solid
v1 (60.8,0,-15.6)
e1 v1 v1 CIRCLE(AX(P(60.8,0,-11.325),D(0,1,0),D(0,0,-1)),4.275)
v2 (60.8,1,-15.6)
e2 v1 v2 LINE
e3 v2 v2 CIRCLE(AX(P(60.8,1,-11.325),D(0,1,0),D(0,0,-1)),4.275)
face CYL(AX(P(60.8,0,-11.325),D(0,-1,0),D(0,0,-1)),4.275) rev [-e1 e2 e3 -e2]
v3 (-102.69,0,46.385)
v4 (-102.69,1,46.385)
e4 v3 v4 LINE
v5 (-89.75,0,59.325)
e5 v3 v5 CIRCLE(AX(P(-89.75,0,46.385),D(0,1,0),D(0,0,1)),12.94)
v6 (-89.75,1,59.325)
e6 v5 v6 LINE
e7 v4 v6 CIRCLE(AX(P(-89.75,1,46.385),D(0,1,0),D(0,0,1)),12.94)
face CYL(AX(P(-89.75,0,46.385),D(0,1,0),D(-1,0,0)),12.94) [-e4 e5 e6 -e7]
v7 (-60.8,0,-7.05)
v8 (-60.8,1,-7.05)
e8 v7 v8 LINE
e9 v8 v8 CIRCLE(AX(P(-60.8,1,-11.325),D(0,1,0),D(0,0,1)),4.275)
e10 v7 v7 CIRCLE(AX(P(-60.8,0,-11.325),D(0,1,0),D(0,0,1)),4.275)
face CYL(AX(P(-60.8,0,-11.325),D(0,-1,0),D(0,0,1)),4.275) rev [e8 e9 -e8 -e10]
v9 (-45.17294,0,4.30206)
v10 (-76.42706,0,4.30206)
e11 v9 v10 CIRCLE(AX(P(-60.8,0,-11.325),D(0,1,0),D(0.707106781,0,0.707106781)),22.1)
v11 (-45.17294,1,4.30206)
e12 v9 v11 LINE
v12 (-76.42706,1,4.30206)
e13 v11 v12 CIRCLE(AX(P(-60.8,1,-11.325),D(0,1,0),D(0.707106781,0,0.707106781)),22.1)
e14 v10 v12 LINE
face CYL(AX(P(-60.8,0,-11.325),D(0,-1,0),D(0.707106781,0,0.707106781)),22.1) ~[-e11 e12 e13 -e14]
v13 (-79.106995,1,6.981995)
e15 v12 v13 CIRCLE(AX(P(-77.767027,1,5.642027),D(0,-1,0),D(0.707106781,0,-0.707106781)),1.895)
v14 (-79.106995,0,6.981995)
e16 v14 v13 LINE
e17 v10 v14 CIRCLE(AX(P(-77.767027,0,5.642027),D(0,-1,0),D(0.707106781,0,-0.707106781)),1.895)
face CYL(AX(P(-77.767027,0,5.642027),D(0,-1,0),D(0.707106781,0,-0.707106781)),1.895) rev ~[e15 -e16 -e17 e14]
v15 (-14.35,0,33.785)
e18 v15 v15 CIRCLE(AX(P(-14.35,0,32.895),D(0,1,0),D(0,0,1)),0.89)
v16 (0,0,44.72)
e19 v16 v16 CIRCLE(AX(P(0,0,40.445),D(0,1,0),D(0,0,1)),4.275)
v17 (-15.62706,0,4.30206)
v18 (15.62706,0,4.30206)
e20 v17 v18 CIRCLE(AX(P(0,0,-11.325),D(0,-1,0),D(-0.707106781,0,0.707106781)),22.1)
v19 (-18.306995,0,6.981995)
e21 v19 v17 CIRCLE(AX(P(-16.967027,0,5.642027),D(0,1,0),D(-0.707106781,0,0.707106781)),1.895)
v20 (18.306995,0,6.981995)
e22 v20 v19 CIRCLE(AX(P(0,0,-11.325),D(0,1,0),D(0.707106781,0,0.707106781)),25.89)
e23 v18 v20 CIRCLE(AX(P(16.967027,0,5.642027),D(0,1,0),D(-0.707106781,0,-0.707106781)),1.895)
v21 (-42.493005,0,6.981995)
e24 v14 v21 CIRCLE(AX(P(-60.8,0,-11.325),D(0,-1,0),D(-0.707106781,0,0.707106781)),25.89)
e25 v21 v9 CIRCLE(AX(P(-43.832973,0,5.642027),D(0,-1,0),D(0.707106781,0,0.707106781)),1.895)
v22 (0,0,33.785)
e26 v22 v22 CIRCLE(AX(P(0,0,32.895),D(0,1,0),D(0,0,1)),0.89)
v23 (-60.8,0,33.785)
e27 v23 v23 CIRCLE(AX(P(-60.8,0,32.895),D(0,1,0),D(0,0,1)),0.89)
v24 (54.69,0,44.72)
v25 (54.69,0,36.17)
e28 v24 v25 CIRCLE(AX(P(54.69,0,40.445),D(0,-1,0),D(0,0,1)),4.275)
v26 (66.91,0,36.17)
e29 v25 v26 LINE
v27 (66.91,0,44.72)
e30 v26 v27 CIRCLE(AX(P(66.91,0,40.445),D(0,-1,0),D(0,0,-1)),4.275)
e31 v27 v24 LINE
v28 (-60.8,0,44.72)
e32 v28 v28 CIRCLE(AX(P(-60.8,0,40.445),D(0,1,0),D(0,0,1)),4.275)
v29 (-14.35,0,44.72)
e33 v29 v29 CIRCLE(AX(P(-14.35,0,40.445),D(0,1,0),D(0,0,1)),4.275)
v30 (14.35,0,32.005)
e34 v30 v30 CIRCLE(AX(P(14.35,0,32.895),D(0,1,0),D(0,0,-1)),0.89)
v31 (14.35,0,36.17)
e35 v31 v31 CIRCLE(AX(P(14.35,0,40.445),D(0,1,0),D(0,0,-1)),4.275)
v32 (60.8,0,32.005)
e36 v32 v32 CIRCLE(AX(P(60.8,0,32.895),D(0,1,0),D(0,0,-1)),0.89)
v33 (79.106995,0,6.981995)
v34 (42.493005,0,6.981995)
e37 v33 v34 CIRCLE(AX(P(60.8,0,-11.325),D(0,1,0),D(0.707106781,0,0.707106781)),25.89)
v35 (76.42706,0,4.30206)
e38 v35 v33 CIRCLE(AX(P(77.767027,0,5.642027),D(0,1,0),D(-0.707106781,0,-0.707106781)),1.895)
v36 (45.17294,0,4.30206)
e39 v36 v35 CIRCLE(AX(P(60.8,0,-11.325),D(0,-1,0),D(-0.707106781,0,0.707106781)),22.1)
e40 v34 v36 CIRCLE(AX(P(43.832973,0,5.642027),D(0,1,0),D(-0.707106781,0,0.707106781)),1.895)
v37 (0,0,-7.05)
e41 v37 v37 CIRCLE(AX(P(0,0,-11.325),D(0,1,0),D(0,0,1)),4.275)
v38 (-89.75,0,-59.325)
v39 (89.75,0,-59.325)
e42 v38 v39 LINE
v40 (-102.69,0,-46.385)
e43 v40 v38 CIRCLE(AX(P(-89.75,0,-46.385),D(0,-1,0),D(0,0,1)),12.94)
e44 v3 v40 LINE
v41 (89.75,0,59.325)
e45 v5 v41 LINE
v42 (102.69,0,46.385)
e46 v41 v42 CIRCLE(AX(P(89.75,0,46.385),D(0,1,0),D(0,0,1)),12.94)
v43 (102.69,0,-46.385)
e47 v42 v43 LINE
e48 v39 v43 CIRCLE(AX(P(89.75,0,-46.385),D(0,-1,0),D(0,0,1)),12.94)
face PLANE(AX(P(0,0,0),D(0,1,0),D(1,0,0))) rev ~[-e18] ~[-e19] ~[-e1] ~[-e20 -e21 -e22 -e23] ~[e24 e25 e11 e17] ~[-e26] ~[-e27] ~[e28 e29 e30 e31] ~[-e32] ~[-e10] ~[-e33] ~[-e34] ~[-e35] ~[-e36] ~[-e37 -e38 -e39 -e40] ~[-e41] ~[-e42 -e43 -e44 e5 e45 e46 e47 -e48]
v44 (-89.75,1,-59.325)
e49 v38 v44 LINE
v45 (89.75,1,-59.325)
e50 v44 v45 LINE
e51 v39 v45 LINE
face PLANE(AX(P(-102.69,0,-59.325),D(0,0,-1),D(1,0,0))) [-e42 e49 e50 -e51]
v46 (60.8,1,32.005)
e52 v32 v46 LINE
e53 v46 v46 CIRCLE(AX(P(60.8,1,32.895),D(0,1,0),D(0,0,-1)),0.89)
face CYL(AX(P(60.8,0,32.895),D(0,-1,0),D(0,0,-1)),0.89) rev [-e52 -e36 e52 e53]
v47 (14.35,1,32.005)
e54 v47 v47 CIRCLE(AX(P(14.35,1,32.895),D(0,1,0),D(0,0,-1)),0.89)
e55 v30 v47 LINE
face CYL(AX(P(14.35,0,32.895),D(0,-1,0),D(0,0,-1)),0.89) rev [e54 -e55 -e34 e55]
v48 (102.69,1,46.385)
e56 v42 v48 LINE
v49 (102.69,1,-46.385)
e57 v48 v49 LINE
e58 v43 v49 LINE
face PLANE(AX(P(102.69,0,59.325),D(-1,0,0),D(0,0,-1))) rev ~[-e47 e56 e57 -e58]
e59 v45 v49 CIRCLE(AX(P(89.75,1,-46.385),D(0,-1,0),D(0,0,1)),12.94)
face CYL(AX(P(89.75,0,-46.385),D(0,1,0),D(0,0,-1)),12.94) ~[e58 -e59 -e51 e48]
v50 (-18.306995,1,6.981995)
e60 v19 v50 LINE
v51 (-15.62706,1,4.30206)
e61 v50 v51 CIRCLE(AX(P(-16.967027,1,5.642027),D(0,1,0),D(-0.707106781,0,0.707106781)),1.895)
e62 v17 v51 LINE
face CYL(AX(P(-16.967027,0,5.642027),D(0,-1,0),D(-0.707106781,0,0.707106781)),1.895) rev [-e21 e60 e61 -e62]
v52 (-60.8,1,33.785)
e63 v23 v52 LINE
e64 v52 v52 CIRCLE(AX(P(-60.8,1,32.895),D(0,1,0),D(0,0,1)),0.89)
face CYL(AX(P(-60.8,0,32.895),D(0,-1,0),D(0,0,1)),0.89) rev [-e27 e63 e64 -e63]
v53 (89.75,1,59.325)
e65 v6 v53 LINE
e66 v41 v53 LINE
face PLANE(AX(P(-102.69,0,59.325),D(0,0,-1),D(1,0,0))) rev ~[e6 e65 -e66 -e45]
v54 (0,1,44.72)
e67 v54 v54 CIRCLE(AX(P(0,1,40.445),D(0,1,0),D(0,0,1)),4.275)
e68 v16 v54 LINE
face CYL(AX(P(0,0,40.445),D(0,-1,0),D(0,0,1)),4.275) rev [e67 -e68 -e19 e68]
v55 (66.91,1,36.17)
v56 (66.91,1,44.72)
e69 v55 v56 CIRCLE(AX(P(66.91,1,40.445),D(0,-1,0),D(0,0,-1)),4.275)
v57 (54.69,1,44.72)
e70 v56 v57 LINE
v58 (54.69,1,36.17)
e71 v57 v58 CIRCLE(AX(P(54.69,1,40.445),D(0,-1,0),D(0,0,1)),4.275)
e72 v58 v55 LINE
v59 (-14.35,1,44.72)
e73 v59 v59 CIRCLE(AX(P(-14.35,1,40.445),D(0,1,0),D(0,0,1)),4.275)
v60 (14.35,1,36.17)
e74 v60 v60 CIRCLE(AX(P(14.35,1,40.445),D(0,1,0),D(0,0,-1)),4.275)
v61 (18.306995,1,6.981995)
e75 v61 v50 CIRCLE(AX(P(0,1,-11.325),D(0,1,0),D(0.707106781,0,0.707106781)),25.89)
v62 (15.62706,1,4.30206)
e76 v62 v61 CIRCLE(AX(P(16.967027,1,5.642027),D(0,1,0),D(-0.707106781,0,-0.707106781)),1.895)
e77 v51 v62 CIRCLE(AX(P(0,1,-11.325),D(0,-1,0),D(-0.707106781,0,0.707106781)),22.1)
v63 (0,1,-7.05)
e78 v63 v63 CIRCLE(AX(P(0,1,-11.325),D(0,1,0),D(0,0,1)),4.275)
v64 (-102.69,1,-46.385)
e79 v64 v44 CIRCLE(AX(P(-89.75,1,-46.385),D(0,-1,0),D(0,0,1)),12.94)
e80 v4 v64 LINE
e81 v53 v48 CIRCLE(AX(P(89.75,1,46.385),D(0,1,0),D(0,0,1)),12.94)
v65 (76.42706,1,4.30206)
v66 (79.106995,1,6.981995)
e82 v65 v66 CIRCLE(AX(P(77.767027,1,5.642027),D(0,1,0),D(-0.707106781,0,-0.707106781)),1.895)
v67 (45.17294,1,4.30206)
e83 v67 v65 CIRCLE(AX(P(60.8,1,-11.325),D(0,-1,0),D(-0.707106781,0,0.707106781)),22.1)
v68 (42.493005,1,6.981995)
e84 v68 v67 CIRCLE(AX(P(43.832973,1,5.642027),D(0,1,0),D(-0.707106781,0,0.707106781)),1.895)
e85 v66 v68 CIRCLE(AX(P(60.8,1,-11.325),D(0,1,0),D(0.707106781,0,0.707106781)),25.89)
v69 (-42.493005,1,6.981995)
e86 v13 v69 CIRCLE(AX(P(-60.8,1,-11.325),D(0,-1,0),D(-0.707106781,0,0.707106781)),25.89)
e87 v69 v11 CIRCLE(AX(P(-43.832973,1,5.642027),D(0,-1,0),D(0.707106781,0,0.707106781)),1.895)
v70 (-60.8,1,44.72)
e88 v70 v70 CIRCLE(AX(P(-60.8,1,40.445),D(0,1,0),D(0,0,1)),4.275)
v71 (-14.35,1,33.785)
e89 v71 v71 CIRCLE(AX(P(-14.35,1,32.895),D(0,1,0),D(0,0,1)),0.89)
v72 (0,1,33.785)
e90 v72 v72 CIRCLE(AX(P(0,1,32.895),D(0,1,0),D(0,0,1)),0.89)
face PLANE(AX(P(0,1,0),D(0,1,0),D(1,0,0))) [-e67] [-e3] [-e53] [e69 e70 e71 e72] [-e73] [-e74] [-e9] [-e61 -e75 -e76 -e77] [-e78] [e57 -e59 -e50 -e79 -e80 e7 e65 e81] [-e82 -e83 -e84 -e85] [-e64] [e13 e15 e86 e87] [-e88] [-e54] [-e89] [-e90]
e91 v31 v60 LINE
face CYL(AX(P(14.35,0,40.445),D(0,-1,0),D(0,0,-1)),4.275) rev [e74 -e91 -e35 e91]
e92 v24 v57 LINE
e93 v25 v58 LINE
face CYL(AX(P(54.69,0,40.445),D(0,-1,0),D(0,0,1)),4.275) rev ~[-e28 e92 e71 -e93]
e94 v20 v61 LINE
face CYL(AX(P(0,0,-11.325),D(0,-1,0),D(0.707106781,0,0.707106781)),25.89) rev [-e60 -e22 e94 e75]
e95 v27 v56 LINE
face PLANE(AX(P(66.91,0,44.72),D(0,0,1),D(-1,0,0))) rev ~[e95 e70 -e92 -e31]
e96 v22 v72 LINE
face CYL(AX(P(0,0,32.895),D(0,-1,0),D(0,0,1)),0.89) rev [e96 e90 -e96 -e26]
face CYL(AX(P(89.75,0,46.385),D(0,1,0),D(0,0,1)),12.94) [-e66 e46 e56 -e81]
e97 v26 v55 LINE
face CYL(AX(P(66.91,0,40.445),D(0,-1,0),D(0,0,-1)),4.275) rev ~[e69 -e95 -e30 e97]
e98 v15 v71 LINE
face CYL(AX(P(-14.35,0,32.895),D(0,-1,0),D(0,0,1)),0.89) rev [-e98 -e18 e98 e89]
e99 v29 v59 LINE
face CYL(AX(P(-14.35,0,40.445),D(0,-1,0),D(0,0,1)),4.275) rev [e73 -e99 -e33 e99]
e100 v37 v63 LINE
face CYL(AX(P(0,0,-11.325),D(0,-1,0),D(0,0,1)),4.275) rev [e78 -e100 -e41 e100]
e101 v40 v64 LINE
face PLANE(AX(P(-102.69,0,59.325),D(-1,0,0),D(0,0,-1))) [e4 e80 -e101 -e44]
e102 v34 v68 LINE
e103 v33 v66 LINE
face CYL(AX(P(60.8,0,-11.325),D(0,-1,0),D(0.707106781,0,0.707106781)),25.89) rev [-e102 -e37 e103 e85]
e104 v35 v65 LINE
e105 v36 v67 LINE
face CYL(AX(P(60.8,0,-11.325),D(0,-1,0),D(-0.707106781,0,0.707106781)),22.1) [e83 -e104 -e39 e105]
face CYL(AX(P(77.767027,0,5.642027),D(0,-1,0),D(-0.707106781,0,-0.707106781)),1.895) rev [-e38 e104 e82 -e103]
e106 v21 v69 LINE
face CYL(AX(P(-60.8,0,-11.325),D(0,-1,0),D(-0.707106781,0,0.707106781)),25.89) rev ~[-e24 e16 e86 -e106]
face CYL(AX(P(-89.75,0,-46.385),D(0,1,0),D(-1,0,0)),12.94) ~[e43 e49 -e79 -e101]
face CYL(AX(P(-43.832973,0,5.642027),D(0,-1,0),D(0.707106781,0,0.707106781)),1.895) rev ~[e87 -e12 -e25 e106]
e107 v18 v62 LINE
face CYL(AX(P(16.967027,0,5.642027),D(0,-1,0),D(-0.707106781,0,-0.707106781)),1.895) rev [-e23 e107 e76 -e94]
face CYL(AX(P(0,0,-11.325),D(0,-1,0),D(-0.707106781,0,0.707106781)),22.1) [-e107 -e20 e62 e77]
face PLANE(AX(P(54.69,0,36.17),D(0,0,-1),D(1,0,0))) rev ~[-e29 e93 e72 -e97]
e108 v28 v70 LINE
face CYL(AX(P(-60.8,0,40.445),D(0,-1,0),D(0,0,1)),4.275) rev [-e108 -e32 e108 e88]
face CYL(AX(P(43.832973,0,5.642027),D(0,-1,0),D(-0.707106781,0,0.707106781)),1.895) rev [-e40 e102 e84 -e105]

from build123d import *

# Parameters (mm, degrees)
SKETCH1_W           = 205.38
SKETCH1_H           = 118.65
SKETCH1_R           = 4.275
SKETCH1_R_2         = 0.89
BOSS_EXTRUDE1_DEPTH = 1
FILLET1_R           = 12.94


with BuildPart() as part:
    # Sketch1 → Boss-Extrude1 (new body)
    with BuildSketch(Plane(origin=(0, 0, 0), x_dir=(1, 0, 0), z_dir=(0, 1, 0))):
        Rectangle(SKETCH1_W, SKETCH1_H)
        with Locations(Location((0, -40.445, 0), (0, 0, 270))):
            Circle(SKETCH1_R, mode=Mode.SUBTRACT)
        with Locations(Location((-14.35, -40.445, 0), (0, 0, 270))):
            Circle(SKETCH1_R, mode=Mode.SUBTRACT)
        with Locations(Location((0, -32.895, 0), (0, 0, 270))):
            Circle(SKETCH1_R_2, mode=Mode.SUBTRACT)
        with Locations(Location((-14.35, -32.895, 0), (0, 0, 270))):
            Circle(SKETCH1_R_2, mode=Mode.SUBTRACT)
        with Locations(Location((0, 11.325, 0), (0, 0, 270))):
            Circle(SKETCH1_R, mode=Mode.SUBTRACT)
        with Locations(Location((-60.8, 11.325, 0), (0, 0, 270))):
            Circle(SKETCH1_R, mode=Mode.SUBTRACT)
        with Locations(Location((-60.8, -32.895, 0), (0, 0, 270))):
            Circle(SKETCH1_R_2, mode=Mode.SUBTRACT)
        with Locations(Location((14.35, -32.895, 0), (0, 0, 90))):
            Circle(SKETCH1_R_2, mode=Mode.SUBTRACT)
        with Locations(Location((14.35, -40.445, 0), (0, 0, 90))):
            Circle(SKETCH1_R, mode=Mode.SUBTRACT)
        with Locations(Location((60.8, -32.895, 0), (0, 0, 90))):
            Circle(SKETCH1_R_2, mode=Mode.SUBTRACT)
        with Locations(Location((60.8, 11.325, 0), (0, 0, 90))):
            Circle(SKETCH1_R, mode=Mode.SUBTRACT)
        with Locations(Location((-60.8, -40.445, 0), (0, 0, 270))):
            Circle(SKETCH1_R, mode=Mode.SUBTRACT)
        with BuildLine():
            Line((54.69, -36.17), (66.91, -36.17))
            ThreePointArc((66.91, -36.17), (71.185, -40.445), (66.91, -44.72))
            Line((66.91, -44.72), (54.69, -44.72))
            ThreePointArc((54.69, -44.72), (50.415, -40.445), (54.69, -36.17))
        make_face(mode=Mode.SUBTRACT)
        with BuildLine():
            ThreePointArc((18.306994565, -6.981994565), (0, 37.215), (-18.306994565, -6.981994565))
            ThreePointArc((-18.306994565, -6.981994565), (-15.627059864, -6.981994565), (-15.627059864, -4.302059864))
            ThreePointArc((-15.627059864, -4.302059864), (0, 33.425), (15.627059864, -4.302059864))
            ThreePointArc((15.627059864, -4.302059864), (15.627059864, -6.981994565), (18.306994565, -6.981994565))
        make_face(mode=Mode.SUBTRACT)
        with BuildLine():
            ThreePointArc((-42.493005435, -6.981994565), (-45.172940136, -6.981994565), (-45.172940136, -4.302059864))
            ThreePointArc((-45.172940136, -4.302059864), (-60.8, 33.425), (-76.427059864, -4.302059864))
            ThreePointArc((-76.427059864, -4.302059864), (-76.427059864, -6.981994565), (-79.106994565, -6.981994565))
            ThreePointArc((-79.106994565, -6.981994565), (-60.8, 37.215), (-42.493005435, -6.981994565))
        make_face(mode=Mode.SUBTRACT)
        with BuildLine():
            ThreePointArc((42.493005435, -6.981994565), (45.172940136, -6.981994565), (45.172940136, -4.302059864))
            ThreePointArc((45.172940136, -4.302059864), (60.8, 33.425), (76.427059864, -4.302059864))
            ThreePointArc((76.427059864, -4.302059864), (76.427059864, -6.981994565), (79.106994565, -6.981994565))
            ThreePointArc((79.106994565, -6.981994565), (60.8, 37.215), (42.493005435, -6.981994565))
        make_face(mode=Mode.SUBTRACT)
    extrude(amount=BOSS_EXTRUDE1_DEPTH)

    # Fillet1
    fillet1_edges = [part.edges().sort_by_distance(p)[0] for p in [
        (102.69, 0.5, 59.325),
        (-102.69, 0.5, 59.325),
        (-102.69, 0.5, -59.325),
        (102.69, 0.5, -59.325),
    ]]
    fillet(fillet1_edges, radius=FILLET1_R)


solid = part.part
